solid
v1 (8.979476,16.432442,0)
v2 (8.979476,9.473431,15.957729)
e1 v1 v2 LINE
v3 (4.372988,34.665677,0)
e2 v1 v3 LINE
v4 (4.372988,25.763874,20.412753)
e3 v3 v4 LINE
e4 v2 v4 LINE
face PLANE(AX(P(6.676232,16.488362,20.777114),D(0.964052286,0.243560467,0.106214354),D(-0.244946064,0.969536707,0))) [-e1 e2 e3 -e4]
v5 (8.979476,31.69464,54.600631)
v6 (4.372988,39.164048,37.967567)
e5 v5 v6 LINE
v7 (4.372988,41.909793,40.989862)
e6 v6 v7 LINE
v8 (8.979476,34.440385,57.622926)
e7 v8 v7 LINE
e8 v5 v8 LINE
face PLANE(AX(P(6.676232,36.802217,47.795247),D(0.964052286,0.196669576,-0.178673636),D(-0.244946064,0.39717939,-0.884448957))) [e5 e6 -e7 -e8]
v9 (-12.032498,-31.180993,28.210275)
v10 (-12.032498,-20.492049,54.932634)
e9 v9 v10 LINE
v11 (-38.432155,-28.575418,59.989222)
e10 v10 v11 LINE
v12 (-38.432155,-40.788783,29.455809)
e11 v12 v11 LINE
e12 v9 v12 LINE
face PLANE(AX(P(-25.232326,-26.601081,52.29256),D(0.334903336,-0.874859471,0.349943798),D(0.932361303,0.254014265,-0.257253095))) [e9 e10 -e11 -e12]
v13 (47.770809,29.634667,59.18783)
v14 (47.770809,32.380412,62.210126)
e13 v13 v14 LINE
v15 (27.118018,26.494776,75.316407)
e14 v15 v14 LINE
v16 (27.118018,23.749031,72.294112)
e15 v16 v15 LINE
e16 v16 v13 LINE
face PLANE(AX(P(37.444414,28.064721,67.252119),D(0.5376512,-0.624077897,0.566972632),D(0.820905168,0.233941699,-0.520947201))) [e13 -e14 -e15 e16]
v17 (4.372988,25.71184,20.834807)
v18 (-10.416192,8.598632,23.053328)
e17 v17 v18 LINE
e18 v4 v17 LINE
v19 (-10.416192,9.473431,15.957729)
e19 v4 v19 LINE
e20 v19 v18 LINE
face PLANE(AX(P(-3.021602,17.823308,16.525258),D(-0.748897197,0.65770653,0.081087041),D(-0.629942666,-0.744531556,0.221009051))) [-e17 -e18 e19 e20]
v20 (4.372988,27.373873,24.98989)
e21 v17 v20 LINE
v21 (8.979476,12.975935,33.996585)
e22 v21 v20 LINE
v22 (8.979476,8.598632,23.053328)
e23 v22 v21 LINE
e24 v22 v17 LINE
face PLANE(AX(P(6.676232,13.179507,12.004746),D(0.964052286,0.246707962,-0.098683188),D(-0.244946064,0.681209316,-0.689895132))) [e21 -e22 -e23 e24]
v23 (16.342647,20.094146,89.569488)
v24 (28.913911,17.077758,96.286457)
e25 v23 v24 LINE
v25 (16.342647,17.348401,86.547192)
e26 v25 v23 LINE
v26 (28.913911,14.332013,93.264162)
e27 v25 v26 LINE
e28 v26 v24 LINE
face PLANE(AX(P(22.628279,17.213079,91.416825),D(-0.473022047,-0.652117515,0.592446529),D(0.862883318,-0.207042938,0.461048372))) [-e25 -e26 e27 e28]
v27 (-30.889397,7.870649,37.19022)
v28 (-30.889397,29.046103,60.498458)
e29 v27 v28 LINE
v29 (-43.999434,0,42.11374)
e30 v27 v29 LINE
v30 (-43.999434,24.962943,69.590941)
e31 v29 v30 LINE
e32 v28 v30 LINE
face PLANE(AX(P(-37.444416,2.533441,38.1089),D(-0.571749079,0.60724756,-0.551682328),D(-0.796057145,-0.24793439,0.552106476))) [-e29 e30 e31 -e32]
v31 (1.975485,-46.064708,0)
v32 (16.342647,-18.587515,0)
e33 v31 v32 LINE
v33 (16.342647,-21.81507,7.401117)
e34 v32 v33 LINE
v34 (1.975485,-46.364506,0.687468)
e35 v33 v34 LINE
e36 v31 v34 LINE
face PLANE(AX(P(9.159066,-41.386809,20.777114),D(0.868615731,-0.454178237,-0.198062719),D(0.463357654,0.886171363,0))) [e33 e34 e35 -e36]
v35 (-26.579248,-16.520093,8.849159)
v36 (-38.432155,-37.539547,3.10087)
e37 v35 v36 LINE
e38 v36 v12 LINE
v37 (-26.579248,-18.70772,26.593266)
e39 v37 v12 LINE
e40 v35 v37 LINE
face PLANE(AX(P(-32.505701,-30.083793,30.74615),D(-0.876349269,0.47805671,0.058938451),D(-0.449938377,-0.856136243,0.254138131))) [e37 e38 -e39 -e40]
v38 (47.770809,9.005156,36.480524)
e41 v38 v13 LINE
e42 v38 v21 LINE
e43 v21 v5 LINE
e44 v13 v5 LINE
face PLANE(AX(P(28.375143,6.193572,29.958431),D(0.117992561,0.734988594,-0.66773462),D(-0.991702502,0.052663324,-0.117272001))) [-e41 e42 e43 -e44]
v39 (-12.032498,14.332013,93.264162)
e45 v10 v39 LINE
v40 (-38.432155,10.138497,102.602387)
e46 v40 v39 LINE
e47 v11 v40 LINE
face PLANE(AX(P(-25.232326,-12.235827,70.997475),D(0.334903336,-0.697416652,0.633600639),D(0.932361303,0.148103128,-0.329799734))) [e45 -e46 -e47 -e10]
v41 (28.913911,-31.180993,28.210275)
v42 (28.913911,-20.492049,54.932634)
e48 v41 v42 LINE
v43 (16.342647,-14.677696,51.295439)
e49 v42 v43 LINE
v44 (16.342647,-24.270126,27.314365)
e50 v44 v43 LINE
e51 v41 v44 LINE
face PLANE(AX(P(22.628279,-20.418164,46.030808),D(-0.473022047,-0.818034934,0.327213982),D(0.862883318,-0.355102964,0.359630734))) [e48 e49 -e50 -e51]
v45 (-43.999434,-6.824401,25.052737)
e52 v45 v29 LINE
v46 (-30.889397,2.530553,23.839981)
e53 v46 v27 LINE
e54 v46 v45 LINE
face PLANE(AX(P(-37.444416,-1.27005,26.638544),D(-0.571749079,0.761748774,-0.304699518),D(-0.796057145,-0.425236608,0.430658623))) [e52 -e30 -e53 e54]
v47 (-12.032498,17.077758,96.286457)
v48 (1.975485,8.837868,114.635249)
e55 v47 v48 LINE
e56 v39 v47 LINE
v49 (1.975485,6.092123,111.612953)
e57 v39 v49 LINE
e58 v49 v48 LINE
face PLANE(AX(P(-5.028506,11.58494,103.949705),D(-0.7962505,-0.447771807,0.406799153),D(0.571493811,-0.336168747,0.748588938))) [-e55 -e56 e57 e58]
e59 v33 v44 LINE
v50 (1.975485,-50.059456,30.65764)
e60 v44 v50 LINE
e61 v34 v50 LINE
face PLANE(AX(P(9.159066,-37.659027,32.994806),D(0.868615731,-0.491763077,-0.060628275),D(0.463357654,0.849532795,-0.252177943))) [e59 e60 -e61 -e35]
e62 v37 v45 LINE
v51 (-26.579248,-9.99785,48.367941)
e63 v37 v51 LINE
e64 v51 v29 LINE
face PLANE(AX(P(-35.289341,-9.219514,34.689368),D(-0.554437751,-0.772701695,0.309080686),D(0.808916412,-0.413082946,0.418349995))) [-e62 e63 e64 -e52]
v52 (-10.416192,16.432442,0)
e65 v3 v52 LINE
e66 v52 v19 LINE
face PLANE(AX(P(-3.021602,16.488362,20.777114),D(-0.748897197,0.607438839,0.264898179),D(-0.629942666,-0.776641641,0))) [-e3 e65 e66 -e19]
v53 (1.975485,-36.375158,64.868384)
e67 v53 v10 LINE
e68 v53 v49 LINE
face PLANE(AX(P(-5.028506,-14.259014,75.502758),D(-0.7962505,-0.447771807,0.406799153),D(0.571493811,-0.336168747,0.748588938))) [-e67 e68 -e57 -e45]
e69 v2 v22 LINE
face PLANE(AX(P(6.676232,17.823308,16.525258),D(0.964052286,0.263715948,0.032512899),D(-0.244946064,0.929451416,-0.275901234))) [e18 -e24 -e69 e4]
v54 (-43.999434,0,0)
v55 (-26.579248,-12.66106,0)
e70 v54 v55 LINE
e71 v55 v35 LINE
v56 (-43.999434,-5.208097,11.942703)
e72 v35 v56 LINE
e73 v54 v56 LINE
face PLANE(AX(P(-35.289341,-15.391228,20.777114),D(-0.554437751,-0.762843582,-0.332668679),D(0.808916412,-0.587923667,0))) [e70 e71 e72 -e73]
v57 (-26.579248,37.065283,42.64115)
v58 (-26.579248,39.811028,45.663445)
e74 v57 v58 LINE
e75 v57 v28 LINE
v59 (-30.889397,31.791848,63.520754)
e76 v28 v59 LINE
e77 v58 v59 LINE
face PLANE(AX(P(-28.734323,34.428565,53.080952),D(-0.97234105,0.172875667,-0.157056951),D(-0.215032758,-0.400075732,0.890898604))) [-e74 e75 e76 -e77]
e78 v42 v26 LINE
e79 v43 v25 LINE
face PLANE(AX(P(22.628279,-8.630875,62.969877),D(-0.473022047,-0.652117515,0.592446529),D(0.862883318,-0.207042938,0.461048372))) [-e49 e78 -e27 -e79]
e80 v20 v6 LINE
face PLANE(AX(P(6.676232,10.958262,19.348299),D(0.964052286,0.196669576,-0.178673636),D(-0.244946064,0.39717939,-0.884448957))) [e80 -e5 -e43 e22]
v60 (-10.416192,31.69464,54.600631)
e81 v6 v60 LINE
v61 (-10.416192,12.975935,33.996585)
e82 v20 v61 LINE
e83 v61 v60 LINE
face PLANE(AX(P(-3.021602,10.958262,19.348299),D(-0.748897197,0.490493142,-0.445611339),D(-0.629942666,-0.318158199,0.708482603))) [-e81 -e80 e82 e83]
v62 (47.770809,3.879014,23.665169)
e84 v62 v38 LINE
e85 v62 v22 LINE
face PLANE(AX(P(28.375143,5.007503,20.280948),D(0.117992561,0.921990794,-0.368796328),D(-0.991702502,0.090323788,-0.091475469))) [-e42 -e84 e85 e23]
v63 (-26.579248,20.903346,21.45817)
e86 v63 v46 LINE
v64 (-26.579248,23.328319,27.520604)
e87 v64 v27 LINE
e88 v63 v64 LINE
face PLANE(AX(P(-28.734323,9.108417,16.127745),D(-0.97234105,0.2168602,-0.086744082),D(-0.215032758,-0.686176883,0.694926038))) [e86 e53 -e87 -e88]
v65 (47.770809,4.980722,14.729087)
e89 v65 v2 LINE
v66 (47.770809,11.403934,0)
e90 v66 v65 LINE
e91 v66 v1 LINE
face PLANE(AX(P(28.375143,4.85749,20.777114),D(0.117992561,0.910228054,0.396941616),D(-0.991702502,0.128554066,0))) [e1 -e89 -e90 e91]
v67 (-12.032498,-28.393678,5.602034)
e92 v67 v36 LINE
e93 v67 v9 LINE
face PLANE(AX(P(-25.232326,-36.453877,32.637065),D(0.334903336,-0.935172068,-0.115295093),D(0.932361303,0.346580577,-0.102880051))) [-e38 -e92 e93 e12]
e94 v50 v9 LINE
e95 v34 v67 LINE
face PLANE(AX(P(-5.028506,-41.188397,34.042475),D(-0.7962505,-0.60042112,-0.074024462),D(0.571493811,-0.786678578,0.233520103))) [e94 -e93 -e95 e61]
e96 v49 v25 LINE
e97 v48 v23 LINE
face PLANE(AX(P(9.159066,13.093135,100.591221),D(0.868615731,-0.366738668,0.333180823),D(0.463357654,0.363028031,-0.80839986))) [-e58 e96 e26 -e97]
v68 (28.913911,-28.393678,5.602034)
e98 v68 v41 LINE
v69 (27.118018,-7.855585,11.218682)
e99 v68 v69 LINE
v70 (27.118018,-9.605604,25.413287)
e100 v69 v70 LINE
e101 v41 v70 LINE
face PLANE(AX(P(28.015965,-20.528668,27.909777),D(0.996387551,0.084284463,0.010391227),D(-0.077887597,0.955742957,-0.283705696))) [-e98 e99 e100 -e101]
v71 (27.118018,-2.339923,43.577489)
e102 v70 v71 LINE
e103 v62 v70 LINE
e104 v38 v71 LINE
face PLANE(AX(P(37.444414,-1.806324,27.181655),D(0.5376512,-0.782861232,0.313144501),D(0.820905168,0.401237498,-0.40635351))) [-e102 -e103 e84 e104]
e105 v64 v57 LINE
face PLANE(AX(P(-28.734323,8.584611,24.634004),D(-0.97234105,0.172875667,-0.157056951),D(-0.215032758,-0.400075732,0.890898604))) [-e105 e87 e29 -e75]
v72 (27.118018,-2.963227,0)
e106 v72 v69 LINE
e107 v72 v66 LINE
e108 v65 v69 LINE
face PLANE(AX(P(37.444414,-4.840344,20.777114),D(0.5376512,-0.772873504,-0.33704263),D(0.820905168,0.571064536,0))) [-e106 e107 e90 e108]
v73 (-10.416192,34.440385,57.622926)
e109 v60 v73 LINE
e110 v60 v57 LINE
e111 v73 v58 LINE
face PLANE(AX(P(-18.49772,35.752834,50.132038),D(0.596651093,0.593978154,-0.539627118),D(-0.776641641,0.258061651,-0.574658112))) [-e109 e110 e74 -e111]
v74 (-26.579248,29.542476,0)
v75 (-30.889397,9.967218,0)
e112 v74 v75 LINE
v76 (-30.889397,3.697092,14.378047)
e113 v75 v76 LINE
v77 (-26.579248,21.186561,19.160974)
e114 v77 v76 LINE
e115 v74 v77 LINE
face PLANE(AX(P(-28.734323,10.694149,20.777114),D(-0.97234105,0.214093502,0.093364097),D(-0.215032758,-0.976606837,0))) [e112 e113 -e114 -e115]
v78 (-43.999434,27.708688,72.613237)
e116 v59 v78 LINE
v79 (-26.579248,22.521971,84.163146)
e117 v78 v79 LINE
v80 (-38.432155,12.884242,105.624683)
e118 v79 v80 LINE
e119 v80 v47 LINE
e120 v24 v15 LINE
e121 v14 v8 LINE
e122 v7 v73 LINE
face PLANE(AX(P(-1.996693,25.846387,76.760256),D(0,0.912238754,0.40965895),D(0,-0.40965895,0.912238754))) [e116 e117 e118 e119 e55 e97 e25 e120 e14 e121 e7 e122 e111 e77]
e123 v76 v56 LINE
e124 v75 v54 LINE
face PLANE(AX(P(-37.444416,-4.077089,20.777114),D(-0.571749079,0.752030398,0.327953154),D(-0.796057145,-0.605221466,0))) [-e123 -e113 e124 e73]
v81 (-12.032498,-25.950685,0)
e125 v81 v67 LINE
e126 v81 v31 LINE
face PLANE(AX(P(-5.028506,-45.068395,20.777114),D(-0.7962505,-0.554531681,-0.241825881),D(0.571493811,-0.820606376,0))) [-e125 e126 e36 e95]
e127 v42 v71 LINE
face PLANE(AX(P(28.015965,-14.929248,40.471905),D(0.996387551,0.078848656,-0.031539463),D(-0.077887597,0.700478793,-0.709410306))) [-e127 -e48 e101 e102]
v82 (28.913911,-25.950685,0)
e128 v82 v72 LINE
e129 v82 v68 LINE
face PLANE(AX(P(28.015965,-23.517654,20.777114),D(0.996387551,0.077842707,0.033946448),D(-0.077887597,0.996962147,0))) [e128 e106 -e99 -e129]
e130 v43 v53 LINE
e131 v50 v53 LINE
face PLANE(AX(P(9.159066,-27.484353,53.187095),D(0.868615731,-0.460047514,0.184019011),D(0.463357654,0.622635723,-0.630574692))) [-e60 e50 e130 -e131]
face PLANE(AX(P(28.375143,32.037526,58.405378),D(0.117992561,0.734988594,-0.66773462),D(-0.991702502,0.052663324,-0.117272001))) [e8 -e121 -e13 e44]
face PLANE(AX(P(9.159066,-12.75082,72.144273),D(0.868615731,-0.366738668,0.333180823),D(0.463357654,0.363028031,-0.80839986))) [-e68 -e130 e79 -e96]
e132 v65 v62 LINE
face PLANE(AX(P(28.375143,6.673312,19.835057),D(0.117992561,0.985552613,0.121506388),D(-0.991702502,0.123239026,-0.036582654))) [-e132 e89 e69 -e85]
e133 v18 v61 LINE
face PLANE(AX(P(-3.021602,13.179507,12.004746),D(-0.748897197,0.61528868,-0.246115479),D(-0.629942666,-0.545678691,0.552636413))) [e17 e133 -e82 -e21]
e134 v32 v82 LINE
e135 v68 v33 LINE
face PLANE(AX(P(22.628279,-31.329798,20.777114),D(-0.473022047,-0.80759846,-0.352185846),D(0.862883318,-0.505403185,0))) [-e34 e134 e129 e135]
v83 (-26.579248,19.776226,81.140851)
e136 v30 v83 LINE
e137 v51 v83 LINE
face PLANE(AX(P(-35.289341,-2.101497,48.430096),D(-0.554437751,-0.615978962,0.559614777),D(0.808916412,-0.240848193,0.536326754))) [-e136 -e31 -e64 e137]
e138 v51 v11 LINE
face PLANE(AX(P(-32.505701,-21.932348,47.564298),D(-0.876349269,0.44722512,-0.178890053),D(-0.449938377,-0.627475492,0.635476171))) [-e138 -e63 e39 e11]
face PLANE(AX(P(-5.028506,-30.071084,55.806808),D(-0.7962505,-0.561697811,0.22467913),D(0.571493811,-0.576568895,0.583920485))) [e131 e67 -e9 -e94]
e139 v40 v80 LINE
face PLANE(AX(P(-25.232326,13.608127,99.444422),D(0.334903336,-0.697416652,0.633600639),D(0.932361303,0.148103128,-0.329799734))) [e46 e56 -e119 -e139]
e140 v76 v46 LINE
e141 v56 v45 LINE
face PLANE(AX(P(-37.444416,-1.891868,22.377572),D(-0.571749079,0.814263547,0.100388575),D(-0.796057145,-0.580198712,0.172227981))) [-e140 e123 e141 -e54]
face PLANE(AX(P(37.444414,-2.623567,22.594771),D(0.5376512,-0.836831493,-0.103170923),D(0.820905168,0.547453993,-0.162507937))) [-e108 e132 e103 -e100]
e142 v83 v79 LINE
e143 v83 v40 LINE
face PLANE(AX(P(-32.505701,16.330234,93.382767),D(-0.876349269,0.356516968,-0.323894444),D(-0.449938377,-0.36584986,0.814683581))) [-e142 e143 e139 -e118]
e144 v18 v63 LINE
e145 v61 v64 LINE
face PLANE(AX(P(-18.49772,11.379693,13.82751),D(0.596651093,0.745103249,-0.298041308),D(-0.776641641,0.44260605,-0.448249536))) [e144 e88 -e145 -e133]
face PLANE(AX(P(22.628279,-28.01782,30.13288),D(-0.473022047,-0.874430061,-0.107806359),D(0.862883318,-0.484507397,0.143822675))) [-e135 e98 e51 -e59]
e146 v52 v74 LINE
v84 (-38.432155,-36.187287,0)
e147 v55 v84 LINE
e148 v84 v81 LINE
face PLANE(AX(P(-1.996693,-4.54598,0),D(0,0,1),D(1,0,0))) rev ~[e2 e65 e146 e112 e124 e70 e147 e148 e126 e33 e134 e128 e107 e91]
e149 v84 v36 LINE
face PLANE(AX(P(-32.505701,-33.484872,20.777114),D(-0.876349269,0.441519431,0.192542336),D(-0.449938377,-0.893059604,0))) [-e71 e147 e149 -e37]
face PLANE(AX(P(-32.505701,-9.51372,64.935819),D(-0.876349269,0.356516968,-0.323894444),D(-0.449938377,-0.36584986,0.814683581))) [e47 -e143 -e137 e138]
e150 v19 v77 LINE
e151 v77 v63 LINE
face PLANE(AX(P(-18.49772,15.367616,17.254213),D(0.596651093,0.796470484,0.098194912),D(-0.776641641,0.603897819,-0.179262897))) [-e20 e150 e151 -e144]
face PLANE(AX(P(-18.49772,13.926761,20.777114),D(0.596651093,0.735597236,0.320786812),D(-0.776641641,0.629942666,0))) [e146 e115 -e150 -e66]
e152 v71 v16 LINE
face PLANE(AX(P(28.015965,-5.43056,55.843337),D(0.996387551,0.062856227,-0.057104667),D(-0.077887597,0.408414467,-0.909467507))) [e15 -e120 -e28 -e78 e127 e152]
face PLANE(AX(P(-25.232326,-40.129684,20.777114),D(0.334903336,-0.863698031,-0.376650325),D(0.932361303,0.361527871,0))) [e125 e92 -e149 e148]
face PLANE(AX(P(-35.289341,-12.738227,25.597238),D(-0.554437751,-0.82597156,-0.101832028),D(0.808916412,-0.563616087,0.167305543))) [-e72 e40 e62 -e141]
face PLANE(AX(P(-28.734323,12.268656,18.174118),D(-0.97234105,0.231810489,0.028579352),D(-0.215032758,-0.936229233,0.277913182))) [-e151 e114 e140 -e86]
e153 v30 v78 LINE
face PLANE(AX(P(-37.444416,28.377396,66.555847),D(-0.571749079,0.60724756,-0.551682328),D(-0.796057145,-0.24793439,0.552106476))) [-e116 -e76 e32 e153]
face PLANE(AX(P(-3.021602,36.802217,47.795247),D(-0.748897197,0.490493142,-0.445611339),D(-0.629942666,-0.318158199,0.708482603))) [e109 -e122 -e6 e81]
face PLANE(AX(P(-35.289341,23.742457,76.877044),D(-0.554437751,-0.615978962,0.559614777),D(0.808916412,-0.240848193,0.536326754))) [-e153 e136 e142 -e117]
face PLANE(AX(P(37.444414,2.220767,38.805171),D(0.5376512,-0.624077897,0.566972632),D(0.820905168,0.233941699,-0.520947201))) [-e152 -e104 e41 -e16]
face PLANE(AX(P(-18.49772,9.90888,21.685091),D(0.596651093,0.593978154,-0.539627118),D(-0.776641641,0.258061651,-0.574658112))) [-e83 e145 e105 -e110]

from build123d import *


with BuildPart() as f2:
    # F2: sweep along a path in F1
    with BuildLine(Plane.YZ) as f2_path:
        Line((0, 0), (-5.2080969326, 11.9427032769))
        Line((-5.2080969326, 11.9427032769), (-6.8244012073, 25.0527374446))
        Line((-6.8244012073, 25.0527374446), (0, 42.1137399971))
        Line((0, 42.1137399971), (24.9629430473, 69.5909410715))
        Line((24.9629430473, 69.5909410715), (27.7086881349, 72.6132365488))
    # F0 (on Top) → F2 (sweep)
    with BuildSketch(Plane.XY):
        Polygon((-30.889397487, 9.9672181532), (-43.9994335175, 0), (-26.5792477876, -12.6610603184), (-38.4321548045, -36.18728742), (-12.0324976742, -25.9506851435), (1.9754848909, -46.0647083819), (16.3426473737, -18.5875147581), (28.913911432, -25.9506851435), (27.118017897, -2.963226987), (47.7708093822, 11.4039340988), (8.979476057, 16.432441771), (4.3729879803, 34.6656773232), (-10.4161920026, 16.432441771), (-26.5792477876, 29.5424759388), align=None)
    sweep(path=f2_path.line, transition=Transition.RIGHT)


solid = f2.part
